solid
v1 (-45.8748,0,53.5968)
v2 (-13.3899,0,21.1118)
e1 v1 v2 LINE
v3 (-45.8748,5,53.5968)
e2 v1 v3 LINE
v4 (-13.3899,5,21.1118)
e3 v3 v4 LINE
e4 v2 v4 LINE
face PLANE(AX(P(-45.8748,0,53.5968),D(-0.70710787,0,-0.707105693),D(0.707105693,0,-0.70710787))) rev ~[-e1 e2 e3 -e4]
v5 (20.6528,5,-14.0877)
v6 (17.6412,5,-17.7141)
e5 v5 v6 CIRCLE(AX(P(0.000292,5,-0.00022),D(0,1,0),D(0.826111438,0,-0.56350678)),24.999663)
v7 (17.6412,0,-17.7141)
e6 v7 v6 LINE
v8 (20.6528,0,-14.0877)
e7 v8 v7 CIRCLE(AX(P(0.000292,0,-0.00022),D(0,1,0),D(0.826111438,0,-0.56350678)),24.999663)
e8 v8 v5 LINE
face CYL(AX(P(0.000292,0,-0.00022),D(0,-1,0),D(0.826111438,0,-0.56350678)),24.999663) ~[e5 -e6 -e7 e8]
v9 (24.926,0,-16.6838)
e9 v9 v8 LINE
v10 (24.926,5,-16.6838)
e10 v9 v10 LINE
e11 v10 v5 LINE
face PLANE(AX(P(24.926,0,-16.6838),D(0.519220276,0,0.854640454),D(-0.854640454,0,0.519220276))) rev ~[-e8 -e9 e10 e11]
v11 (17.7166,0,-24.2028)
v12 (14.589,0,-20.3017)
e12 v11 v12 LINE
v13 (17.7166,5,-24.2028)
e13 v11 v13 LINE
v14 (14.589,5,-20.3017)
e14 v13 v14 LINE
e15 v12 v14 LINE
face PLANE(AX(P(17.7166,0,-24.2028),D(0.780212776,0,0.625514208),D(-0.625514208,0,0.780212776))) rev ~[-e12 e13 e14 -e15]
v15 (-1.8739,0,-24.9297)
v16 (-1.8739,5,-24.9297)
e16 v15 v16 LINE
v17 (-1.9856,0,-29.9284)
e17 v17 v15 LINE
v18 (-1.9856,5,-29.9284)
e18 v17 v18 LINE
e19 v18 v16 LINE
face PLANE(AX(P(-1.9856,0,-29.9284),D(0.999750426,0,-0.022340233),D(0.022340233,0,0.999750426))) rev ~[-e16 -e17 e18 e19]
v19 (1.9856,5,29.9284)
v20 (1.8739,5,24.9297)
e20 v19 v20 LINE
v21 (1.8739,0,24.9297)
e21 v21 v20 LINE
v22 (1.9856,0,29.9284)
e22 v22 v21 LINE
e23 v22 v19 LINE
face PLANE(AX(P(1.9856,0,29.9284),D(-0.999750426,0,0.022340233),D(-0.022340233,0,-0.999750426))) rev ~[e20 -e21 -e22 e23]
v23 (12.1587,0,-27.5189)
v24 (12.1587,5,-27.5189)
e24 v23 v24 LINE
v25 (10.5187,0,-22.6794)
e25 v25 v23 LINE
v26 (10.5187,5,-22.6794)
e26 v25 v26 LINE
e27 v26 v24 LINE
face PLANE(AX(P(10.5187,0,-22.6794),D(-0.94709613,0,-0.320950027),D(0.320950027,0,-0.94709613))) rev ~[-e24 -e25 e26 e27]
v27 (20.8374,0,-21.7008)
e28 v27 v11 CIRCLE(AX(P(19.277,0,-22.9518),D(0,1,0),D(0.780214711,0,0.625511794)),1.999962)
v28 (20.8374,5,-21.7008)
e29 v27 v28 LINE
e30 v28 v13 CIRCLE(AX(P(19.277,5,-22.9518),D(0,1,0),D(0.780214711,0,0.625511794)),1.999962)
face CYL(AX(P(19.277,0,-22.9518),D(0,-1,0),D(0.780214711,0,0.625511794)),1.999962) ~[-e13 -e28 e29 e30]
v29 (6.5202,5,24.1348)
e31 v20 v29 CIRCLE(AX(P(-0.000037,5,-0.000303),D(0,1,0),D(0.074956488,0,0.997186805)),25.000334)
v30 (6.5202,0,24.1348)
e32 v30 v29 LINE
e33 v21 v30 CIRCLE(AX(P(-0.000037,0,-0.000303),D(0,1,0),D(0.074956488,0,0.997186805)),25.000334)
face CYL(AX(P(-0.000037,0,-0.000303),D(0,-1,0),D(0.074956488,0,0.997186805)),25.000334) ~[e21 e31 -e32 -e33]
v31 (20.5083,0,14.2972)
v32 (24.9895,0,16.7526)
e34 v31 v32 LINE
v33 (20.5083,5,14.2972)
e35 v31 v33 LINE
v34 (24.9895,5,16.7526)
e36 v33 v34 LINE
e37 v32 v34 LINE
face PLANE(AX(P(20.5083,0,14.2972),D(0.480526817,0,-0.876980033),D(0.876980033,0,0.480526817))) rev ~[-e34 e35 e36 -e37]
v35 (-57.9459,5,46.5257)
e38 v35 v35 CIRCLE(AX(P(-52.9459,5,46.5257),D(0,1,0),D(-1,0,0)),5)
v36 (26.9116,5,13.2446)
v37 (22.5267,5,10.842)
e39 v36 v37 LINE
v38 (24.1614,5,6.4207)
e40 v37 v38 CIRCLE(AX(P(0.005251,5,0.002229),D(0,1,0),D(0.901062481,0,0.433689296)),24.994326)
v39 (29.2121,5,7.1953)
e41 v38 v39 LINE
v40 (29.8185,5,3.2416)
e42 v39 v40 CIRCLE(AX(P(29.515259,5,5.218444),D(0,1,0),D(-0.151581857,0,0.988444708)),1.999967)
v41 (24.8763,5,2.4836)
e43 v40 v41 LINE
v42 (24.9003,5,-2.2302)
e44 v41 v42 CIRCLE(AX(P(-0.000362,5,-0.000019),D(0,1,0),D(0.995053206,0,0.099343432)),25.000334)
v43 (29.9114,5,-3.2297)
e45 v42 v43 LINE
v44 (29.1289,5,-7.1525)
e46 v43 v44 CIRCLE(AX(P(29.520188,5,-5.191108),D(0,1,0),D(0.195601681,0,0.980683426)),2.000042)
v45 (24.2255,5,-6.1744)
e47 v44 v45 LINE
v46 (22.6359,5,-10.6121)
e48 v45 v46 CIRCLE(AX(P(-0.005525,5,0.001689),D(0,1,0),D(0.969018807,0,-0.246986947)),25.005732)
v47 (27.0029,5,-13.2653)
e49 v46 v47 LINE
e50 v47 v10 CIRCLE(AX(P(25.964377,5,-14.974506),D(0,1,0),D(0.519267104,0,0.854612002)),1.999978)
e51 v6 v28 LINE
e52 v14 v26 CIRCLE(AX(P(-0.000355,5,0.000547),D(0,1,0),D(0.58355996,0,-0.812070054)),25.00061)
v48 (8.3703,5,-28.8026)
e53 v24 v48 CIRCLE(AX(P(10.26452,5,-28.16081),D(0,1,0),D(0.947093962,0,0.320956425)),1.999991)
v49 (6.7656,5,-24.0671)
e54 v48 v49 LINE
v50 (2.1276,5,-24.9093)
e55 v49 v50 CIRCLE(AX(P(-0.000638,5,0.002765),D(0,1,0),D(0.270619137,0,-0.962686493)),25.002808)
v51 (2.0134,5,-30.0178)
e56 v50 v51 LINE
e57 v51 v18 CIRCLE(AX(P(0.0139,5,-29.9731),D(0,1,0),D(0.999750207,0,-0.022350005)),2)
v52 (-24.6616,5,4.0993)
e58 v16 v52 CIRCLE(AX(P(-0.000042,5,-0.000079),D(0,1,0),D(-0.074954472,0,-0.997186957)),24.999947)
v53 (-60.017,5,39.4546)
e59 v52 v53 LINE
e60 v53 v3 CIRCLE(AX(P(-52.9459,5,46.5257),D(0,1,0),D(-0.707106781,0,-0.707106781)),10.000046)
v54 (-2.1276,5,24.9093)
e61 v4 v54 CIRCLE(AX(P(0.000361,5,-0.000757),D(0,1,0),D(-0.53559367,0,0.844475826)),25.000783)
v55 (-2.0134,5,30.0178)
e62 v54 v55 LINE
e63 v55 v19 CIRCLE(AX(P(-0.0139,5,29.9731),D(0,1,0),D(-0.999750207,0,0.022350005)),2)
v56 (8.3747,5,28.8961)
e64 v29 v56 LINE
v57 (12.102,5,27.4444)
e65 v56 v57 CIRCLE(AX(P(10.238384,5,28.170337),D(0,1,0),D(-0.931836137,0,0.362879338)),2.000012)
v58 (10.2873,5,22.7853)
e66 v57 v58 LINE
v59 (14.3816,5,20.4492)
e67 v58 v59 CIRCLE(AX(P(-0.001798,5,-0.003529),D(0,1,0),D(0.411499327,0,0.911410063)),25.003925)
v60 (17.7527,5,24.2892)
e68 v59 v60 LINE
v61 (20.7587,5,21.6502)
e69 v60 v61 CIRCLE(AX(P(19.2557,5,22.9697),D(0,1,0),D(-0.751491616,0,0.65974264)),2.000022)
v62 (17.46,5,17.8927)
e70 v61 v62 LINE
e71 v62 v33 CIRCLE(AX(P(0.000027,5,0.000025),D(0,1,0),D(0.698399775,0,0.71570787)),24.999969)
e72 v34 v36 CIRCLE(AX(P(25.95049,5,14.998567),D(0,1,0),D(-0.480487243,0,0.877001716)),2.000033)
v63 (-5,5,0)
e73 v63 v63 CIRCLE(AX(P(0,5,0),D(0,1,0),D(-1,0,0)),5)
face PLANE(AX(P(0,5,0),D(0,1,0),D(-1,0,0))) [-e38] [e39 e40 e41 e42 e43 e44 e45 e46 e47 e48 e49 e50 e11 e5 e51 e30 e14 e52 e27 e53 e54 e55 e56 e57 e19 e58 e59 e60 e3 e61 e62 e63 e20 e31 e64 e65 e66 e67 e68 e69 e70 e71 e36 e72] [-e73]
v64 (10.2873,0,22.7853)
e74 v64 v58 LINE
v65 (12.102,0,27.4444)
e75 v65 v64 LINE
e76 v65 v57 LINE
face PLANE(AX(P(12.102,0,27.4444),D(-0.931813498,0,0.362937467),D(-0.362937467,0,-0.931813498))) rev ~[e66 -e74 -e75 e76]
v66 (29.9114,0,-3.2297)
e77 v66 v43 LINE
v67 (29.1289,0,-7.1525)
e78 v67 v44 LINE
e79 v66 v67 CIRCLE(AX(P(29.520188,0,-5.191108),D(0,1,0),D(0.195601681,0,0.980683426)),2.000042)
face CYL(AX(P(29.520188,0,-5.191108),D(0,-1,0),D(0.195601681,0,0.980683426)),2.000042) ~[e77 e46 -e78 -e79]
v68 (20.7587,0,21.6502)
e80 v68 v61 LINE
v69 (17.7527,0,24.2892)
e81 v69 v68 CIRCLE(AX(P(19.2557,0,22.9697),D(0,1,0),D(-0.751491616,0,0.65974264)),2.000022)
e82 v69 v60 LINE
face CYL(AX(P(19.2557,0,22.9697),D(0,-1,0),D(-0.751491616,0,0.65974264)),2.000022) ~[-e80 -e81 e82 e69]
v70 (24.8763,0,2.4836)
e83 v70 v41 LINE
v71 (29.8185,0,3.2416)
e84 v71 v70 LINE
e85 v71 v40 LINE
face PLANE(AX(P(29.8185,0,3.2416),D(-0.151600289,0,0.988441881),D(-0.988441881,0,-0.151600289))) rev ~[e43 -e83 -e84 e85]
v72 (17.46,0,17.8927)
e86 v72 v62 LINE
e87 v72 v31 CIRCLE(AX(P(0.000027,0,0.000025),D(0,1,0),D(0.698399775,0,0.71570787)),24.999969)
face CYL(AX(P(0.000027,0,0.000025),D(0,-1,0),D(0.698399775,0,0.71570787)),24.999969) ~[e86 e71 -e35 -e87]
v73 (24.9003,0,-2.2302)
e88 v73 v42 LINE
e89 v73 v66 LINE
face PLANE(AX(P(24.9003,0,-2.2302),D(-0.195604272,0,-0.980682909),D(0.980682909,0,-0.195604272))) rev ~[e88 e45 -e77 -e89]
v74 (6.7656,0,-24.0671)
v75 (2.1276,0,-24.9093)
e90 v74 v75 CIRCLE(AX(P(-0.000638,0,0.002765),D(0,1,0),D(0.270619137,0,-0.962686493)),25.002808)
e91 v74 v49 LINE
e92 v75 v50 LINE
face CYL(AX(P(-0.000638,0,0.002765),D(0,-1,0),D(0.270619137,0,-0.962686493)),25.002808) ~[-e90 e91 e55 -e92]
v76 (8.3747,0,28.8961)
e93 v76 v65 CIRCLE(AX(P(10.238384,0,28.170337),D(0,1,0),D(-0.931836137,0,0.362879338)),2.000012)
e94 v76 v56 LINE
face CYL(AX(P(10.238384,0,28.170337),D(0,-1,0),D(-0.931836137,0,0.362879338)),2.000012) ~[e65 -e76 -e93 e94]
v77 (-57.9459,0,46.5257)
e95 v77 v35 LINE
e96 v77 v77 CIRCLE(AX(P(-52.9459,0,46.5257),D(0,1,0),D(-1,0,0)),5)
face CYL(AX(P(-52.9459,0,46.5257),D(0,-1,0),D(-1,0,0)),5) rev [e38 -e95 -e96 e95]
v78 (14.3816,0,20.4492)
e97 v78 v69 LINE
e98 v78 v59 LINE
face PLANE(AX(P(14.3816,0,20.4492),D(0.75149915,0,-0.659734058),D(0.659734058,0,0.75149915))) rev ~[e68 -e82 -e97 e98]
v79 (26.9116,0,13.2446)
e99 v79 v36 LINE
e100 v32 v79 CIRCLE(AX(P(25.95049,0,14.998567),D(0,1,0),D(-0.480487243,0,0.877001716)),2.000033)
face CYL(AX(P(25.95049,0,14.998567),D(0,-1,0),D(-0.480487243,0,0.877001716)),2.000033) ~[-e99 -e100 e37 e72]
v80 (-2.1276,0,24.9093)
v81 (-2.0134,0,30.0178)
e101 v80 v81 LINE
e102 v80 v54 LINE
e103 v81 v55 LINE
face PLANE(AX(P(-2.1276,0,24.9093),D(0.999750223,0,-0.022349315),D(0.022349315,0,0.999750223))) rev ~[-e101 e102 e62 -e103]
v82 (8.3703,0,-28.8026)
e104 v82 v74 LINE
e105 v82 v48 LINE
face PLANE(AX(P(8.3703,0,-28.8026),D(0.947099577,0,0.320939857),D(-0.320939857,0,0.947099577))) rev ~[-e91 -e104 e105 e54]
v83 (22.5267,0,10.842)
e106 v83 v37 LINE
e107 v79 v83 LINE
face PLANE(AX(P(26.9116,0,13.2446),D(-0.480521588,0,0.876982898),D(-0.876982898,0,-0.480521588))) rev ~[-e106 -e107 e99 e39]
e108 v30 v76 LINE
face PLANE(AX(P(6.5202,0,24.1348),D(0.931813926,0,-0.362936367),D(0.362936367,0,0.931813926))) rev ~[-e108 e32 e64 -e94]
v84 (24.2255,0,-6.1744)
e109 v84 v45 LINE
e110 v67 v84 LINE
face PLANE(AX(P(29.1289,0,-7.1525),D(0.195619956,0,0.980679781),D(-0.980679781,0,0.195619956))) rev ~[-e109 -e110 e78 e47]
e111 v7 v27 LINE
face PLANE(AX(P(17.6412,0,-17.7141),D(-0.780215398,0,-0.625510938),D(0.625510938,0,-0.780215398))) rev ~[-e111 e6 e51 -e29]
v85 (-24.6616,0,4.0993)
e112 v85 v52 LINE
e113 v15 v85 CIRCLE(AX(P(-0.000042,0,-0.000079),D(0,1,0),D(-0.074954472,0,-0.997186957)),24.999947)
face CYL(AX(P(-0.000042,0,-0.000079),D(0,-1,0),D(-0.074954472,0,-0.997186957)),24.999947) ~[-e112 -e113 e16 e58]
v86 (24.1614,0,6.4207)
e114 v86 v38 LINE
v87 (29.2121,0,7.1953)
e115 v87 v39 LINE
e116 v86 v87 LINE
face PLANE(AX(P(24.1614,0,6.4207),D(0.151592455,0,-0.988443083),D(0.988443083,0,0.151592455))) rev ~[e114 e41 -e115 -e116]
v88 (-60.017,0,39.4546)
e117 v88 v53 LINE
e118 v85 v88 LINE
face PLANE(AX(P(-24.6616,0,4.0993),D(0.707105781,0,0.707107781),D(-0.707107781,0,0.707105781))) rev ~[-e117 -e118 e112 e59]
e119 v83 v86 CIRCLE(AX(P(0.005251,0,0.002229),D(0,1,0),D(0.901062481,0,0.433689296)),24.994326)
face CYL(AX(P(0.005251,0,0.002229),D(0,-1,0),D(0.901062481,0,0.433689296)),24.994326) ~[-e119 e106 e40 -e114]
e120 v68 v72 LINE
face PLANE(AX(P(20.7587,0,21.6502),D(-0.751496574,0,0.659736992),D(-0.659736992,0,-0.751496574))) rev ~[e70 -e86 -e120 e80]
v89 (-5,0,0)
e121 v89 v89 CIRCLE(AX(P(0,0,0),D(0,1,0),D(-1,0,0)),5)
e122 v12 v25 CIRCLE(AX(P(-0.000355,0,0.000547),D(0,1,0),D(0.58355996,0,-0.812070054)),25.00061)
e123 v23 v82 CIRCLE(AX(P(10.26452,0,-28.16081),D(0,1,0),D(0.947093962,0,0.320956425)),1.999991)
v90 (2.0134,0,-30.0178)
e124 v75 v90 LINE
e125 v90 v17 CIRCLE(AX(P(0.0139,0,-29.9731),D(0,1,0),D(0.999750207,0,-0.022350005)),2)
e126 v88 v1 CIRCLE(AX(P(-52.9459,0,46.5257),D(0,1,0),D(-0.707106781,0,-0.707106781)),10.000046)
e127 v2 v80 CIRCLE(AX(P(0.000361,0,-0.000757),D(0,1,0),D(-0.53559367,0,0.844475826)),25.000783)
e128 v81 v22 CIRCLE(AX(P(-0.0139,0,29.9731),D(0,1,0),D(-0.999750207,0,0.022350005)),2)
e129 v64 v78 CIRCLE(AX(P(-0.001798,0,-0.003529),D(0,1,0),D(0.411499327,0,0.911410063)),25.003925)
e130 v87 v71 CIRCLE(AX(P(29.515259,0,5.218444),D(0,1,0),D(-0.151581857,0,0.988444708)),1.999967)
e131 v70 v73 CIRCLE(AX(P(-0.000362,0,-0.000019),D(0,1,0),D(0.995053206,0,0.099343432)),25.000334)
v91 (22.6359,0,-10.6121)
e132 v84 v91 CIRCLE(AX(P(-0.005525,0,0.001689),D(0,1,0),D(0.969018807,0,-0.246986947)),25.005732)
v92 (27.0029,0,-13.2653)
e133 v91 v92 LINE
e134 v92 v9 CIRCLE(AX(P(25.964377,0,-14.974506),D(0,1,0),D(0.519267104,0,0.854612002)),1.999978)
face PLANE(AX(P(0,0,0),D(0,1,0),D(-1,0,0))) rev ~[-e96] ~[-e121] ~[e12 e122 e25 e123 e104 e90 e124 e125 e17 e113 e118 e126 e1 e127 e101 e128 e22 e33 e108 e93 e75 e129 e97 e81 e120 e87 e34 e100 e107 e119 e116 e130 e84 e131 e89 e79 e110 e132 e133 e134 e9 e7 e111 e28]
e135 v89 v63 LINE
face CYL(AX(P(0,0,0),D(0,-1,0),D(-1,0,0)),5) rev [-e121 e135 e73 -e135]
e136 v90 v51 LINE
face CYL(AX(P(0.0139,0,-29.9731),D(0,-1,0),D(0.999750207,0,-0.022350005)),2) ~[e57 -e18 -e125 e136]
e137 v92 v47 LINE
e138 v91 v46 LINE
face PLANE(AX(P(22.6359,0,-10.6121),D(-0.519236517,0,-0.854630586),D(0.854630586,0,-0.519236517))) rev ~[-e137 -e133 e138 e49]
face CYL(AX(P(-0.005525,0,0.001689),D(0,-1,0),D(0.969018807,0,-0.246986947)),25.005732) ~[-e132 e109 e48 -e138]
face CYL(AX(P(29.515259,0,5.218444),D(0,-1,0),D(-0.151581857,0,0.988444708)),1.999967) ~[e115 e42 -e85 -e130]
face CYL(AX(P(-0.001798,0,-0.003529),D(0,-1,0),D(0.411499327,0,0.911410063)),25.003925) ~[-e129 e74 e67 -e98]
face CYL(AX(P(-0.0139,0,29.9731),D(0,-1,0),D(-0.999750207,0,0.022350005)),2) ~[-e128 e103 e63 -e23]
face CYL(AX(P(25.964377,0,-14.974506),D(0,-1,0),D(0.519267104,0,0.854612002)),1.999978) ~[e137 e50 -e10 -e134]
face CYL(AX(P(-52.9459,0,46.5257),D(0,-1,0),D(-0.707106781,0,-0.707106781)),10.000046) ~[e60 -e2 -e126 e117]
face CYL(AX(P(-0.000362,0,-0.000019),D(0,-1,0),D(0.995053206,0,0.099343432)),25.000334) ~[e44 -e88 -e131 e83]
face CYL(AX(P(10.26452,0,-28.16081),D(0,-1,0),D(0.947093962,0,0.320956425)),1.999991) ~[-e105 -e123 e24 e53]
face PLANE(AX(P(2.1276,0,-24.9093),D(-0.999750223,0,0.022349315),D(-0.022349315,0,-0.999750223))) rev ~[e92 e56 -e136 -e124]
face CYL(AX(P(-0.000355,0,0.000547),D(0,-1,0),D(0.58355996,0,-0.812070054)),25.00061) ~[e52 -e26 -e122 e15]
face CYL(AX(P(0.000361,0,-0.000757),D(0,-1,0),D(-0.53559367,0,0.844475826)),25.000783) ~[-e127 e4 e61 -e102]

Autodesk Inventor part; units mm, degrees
ref_plane "YZ Plane" through (0, 0, 0) normal (1, 0, 0) x (0, 1, 0)
ref_plane "XZ Plane" through (0, 0, 0) normal (0, 1, 0) x (-1, 0, 0)
ref_plane "XY Plane" through (0, 0, 0) normal (0, 0, 1) x (1, 0, 0)
sketch "Sketch1" plane through (0, 0, 0) normal (0, 1, 0) x (-1, 0, 0)
  line L0 (-2.1276, -24.9093) -> (-2.0134, -30.0178)
  line L1 (1.9856, -29.9284) -> (1.8739, -24.9297)
  arc A0 (-2.0134, -30.0178) -> (1.9856, -29.9284) centre (-0.0139, -29.9731) ccw
  arc A1 (-12.1587, -27.5189) -> (-8.3703, -28.8026) centre (-10.2645, -28.1608) ccw
  line L2 (-8.3703, -28.8026) -> (-6.7656, -24.0671)
  line L3 (-10.5187, -22.6794) -> (-12.1587, -27.5189)
  arc A2 (-20.8374, -21.7008) -> (-17.7166, -24.2028) centre (-19.277, -22.9518) ccw
  line L4 (-17.7166, -24.2028) -> (-14.589, -20.3017)
  line L5 (-17.6412, -17.7141) -> (-20.8374, -21.7008)
  arc A3 (-27.0029, -13.2653) -> (-24.926, -16.6838) centre (-25.9644, -14.9745) ccw
  line L6 (-24.926, -16.6838) -> (-20.6528, -14.0877)
  line L7 (-22.6359, -10.6121) -> (-27.0029, -13.2653)
  arc A4 (-29.9114, -3.2297) -> (-29.1289, -7.1525) centre (-29.5202, -5.1911) ccw
  line L8 (-29.1289, -7.1525) -> (-24.2255, -6.1744)
  line L9 (-24.9003, -2.2302) -> (-29.9114, -3.2297)
  arc A5 (-29.2121, 7.1953) -> (-29.8185, 3.2416) centre (-29.5153, 5.2185) ccw
  line L10 (-29.8185, 3.2416) -> (-24.8763, 2.4836)
  line L11 (-24.1614, 6.4207) -> (-29.2121, 7.1953)
  arc A6 (-24.9895, 16.7526) -> (-26.9116, 13.2446) centre (-25.9505, 14.9986) ccw
  line L12 (-26.9116, 13.2446) -> (-22.5267, 10.842)
  line L13 (-20.5083, 14.2972) -> (-24.9895, 16.7526)
  arc A7 (-17.7527, 24.2892) -> (-20.7587, 21.6502) centre (-19.2557, 22.9697) ccw
  line L14 (-20.7587, 21.6502) -> (-17.46, 17.8927)
  line L15 (-14.3816, 20.4492) -> (-17.7527, 24.2892)
  arc A8 (-8.3747, 28.8961) -> (-12.102, 27.4444) centre (-10.2384, 28.1703) ccw
  line L16 (-12.102, 27.4444) -> (-10.2873, 22.7853)
  line L17 (-6.5202, 24.1348) -> (-8.3747, 28.8961)
  arc A9 (2.0134, 30.0178) -> (-1.9856, 29.9284) centre (0.0139, 29.9731) ccw
  line L18 (-1.9856, 29.9284) -> (-1.8739, 24.9297)
  line L19 (2.1276, 24.9093) -> (2.0134, 30.0178)
  arc A10 (1.8739, -24.9297) -> (24.6616, 4.0993) centre (0, 0) ccw
  circle A11 centre (52.9459, 46.5257) radius 5
  line L20 (45.8748, 53.5968) -> (13.3899, 21.1118)
  line L21 (24.6616, 4.0993) -> (60.017, 39.4546)
  arc A12 (60.017, 39.4546) -> (45.8748, 53.5968) centre (52.9459, 46.5257) ccw
  arc A13 (13.3899, 21.1118) -> (2.1276, 24.9093) centre (0, 0) ccw
  arc A14 (-1.8739, 24.9297) -> (-6.5202, 24.1348) centre (0, 0) ccw
  arc A15 (-10.2873, 22.7853) -> (-14.3816, 20.4492) centre (0, 0) ccw
  arc A16 (-17.46, 17.8927) -> (-20.5083, 14.2972) centre (0, 0) ccw
  arc A17 (-22.5267, 10.842) -> (-24.1614, 6.4207) centre (0, 0) ccw
  arc A18 (-24.8763, 2.4836) -> (-24.9003, -2.2302) centre (0, 0) ccw
  arc A19 (-24.2255, -6.1744) -> (-22.6359, -10.6121) centre (0, 0) ccw
  arc A20 (-20.6528, -14.0877) -> (-17.6412, -17.7141) centre (0, 0) ccw
  arc A21 (-14.589, -20.3017) -> (-10.5187, -22.6794) centre (0, 0) ccw
  arc A22 (-6.7656, -24.0671) -> (-2.1276, -24.9093) centre (0, 0) ccw
  circle A23 centre (0, 0) radius 5
  point P0 (28.2843, 28.2843)
  dimension "d9" = 180
  dimension "d17" = 10
  dimension "d18" = 10
  dimension "d19" = 20
  dimension "d20" = 25
  dimension "d21" = 5
  dimension "d22" = 2
  dimension "d23" = 50
extrude "Extrusion1" add sketch "Sketch1" along normal blind 5
properties part number "gerigi"
